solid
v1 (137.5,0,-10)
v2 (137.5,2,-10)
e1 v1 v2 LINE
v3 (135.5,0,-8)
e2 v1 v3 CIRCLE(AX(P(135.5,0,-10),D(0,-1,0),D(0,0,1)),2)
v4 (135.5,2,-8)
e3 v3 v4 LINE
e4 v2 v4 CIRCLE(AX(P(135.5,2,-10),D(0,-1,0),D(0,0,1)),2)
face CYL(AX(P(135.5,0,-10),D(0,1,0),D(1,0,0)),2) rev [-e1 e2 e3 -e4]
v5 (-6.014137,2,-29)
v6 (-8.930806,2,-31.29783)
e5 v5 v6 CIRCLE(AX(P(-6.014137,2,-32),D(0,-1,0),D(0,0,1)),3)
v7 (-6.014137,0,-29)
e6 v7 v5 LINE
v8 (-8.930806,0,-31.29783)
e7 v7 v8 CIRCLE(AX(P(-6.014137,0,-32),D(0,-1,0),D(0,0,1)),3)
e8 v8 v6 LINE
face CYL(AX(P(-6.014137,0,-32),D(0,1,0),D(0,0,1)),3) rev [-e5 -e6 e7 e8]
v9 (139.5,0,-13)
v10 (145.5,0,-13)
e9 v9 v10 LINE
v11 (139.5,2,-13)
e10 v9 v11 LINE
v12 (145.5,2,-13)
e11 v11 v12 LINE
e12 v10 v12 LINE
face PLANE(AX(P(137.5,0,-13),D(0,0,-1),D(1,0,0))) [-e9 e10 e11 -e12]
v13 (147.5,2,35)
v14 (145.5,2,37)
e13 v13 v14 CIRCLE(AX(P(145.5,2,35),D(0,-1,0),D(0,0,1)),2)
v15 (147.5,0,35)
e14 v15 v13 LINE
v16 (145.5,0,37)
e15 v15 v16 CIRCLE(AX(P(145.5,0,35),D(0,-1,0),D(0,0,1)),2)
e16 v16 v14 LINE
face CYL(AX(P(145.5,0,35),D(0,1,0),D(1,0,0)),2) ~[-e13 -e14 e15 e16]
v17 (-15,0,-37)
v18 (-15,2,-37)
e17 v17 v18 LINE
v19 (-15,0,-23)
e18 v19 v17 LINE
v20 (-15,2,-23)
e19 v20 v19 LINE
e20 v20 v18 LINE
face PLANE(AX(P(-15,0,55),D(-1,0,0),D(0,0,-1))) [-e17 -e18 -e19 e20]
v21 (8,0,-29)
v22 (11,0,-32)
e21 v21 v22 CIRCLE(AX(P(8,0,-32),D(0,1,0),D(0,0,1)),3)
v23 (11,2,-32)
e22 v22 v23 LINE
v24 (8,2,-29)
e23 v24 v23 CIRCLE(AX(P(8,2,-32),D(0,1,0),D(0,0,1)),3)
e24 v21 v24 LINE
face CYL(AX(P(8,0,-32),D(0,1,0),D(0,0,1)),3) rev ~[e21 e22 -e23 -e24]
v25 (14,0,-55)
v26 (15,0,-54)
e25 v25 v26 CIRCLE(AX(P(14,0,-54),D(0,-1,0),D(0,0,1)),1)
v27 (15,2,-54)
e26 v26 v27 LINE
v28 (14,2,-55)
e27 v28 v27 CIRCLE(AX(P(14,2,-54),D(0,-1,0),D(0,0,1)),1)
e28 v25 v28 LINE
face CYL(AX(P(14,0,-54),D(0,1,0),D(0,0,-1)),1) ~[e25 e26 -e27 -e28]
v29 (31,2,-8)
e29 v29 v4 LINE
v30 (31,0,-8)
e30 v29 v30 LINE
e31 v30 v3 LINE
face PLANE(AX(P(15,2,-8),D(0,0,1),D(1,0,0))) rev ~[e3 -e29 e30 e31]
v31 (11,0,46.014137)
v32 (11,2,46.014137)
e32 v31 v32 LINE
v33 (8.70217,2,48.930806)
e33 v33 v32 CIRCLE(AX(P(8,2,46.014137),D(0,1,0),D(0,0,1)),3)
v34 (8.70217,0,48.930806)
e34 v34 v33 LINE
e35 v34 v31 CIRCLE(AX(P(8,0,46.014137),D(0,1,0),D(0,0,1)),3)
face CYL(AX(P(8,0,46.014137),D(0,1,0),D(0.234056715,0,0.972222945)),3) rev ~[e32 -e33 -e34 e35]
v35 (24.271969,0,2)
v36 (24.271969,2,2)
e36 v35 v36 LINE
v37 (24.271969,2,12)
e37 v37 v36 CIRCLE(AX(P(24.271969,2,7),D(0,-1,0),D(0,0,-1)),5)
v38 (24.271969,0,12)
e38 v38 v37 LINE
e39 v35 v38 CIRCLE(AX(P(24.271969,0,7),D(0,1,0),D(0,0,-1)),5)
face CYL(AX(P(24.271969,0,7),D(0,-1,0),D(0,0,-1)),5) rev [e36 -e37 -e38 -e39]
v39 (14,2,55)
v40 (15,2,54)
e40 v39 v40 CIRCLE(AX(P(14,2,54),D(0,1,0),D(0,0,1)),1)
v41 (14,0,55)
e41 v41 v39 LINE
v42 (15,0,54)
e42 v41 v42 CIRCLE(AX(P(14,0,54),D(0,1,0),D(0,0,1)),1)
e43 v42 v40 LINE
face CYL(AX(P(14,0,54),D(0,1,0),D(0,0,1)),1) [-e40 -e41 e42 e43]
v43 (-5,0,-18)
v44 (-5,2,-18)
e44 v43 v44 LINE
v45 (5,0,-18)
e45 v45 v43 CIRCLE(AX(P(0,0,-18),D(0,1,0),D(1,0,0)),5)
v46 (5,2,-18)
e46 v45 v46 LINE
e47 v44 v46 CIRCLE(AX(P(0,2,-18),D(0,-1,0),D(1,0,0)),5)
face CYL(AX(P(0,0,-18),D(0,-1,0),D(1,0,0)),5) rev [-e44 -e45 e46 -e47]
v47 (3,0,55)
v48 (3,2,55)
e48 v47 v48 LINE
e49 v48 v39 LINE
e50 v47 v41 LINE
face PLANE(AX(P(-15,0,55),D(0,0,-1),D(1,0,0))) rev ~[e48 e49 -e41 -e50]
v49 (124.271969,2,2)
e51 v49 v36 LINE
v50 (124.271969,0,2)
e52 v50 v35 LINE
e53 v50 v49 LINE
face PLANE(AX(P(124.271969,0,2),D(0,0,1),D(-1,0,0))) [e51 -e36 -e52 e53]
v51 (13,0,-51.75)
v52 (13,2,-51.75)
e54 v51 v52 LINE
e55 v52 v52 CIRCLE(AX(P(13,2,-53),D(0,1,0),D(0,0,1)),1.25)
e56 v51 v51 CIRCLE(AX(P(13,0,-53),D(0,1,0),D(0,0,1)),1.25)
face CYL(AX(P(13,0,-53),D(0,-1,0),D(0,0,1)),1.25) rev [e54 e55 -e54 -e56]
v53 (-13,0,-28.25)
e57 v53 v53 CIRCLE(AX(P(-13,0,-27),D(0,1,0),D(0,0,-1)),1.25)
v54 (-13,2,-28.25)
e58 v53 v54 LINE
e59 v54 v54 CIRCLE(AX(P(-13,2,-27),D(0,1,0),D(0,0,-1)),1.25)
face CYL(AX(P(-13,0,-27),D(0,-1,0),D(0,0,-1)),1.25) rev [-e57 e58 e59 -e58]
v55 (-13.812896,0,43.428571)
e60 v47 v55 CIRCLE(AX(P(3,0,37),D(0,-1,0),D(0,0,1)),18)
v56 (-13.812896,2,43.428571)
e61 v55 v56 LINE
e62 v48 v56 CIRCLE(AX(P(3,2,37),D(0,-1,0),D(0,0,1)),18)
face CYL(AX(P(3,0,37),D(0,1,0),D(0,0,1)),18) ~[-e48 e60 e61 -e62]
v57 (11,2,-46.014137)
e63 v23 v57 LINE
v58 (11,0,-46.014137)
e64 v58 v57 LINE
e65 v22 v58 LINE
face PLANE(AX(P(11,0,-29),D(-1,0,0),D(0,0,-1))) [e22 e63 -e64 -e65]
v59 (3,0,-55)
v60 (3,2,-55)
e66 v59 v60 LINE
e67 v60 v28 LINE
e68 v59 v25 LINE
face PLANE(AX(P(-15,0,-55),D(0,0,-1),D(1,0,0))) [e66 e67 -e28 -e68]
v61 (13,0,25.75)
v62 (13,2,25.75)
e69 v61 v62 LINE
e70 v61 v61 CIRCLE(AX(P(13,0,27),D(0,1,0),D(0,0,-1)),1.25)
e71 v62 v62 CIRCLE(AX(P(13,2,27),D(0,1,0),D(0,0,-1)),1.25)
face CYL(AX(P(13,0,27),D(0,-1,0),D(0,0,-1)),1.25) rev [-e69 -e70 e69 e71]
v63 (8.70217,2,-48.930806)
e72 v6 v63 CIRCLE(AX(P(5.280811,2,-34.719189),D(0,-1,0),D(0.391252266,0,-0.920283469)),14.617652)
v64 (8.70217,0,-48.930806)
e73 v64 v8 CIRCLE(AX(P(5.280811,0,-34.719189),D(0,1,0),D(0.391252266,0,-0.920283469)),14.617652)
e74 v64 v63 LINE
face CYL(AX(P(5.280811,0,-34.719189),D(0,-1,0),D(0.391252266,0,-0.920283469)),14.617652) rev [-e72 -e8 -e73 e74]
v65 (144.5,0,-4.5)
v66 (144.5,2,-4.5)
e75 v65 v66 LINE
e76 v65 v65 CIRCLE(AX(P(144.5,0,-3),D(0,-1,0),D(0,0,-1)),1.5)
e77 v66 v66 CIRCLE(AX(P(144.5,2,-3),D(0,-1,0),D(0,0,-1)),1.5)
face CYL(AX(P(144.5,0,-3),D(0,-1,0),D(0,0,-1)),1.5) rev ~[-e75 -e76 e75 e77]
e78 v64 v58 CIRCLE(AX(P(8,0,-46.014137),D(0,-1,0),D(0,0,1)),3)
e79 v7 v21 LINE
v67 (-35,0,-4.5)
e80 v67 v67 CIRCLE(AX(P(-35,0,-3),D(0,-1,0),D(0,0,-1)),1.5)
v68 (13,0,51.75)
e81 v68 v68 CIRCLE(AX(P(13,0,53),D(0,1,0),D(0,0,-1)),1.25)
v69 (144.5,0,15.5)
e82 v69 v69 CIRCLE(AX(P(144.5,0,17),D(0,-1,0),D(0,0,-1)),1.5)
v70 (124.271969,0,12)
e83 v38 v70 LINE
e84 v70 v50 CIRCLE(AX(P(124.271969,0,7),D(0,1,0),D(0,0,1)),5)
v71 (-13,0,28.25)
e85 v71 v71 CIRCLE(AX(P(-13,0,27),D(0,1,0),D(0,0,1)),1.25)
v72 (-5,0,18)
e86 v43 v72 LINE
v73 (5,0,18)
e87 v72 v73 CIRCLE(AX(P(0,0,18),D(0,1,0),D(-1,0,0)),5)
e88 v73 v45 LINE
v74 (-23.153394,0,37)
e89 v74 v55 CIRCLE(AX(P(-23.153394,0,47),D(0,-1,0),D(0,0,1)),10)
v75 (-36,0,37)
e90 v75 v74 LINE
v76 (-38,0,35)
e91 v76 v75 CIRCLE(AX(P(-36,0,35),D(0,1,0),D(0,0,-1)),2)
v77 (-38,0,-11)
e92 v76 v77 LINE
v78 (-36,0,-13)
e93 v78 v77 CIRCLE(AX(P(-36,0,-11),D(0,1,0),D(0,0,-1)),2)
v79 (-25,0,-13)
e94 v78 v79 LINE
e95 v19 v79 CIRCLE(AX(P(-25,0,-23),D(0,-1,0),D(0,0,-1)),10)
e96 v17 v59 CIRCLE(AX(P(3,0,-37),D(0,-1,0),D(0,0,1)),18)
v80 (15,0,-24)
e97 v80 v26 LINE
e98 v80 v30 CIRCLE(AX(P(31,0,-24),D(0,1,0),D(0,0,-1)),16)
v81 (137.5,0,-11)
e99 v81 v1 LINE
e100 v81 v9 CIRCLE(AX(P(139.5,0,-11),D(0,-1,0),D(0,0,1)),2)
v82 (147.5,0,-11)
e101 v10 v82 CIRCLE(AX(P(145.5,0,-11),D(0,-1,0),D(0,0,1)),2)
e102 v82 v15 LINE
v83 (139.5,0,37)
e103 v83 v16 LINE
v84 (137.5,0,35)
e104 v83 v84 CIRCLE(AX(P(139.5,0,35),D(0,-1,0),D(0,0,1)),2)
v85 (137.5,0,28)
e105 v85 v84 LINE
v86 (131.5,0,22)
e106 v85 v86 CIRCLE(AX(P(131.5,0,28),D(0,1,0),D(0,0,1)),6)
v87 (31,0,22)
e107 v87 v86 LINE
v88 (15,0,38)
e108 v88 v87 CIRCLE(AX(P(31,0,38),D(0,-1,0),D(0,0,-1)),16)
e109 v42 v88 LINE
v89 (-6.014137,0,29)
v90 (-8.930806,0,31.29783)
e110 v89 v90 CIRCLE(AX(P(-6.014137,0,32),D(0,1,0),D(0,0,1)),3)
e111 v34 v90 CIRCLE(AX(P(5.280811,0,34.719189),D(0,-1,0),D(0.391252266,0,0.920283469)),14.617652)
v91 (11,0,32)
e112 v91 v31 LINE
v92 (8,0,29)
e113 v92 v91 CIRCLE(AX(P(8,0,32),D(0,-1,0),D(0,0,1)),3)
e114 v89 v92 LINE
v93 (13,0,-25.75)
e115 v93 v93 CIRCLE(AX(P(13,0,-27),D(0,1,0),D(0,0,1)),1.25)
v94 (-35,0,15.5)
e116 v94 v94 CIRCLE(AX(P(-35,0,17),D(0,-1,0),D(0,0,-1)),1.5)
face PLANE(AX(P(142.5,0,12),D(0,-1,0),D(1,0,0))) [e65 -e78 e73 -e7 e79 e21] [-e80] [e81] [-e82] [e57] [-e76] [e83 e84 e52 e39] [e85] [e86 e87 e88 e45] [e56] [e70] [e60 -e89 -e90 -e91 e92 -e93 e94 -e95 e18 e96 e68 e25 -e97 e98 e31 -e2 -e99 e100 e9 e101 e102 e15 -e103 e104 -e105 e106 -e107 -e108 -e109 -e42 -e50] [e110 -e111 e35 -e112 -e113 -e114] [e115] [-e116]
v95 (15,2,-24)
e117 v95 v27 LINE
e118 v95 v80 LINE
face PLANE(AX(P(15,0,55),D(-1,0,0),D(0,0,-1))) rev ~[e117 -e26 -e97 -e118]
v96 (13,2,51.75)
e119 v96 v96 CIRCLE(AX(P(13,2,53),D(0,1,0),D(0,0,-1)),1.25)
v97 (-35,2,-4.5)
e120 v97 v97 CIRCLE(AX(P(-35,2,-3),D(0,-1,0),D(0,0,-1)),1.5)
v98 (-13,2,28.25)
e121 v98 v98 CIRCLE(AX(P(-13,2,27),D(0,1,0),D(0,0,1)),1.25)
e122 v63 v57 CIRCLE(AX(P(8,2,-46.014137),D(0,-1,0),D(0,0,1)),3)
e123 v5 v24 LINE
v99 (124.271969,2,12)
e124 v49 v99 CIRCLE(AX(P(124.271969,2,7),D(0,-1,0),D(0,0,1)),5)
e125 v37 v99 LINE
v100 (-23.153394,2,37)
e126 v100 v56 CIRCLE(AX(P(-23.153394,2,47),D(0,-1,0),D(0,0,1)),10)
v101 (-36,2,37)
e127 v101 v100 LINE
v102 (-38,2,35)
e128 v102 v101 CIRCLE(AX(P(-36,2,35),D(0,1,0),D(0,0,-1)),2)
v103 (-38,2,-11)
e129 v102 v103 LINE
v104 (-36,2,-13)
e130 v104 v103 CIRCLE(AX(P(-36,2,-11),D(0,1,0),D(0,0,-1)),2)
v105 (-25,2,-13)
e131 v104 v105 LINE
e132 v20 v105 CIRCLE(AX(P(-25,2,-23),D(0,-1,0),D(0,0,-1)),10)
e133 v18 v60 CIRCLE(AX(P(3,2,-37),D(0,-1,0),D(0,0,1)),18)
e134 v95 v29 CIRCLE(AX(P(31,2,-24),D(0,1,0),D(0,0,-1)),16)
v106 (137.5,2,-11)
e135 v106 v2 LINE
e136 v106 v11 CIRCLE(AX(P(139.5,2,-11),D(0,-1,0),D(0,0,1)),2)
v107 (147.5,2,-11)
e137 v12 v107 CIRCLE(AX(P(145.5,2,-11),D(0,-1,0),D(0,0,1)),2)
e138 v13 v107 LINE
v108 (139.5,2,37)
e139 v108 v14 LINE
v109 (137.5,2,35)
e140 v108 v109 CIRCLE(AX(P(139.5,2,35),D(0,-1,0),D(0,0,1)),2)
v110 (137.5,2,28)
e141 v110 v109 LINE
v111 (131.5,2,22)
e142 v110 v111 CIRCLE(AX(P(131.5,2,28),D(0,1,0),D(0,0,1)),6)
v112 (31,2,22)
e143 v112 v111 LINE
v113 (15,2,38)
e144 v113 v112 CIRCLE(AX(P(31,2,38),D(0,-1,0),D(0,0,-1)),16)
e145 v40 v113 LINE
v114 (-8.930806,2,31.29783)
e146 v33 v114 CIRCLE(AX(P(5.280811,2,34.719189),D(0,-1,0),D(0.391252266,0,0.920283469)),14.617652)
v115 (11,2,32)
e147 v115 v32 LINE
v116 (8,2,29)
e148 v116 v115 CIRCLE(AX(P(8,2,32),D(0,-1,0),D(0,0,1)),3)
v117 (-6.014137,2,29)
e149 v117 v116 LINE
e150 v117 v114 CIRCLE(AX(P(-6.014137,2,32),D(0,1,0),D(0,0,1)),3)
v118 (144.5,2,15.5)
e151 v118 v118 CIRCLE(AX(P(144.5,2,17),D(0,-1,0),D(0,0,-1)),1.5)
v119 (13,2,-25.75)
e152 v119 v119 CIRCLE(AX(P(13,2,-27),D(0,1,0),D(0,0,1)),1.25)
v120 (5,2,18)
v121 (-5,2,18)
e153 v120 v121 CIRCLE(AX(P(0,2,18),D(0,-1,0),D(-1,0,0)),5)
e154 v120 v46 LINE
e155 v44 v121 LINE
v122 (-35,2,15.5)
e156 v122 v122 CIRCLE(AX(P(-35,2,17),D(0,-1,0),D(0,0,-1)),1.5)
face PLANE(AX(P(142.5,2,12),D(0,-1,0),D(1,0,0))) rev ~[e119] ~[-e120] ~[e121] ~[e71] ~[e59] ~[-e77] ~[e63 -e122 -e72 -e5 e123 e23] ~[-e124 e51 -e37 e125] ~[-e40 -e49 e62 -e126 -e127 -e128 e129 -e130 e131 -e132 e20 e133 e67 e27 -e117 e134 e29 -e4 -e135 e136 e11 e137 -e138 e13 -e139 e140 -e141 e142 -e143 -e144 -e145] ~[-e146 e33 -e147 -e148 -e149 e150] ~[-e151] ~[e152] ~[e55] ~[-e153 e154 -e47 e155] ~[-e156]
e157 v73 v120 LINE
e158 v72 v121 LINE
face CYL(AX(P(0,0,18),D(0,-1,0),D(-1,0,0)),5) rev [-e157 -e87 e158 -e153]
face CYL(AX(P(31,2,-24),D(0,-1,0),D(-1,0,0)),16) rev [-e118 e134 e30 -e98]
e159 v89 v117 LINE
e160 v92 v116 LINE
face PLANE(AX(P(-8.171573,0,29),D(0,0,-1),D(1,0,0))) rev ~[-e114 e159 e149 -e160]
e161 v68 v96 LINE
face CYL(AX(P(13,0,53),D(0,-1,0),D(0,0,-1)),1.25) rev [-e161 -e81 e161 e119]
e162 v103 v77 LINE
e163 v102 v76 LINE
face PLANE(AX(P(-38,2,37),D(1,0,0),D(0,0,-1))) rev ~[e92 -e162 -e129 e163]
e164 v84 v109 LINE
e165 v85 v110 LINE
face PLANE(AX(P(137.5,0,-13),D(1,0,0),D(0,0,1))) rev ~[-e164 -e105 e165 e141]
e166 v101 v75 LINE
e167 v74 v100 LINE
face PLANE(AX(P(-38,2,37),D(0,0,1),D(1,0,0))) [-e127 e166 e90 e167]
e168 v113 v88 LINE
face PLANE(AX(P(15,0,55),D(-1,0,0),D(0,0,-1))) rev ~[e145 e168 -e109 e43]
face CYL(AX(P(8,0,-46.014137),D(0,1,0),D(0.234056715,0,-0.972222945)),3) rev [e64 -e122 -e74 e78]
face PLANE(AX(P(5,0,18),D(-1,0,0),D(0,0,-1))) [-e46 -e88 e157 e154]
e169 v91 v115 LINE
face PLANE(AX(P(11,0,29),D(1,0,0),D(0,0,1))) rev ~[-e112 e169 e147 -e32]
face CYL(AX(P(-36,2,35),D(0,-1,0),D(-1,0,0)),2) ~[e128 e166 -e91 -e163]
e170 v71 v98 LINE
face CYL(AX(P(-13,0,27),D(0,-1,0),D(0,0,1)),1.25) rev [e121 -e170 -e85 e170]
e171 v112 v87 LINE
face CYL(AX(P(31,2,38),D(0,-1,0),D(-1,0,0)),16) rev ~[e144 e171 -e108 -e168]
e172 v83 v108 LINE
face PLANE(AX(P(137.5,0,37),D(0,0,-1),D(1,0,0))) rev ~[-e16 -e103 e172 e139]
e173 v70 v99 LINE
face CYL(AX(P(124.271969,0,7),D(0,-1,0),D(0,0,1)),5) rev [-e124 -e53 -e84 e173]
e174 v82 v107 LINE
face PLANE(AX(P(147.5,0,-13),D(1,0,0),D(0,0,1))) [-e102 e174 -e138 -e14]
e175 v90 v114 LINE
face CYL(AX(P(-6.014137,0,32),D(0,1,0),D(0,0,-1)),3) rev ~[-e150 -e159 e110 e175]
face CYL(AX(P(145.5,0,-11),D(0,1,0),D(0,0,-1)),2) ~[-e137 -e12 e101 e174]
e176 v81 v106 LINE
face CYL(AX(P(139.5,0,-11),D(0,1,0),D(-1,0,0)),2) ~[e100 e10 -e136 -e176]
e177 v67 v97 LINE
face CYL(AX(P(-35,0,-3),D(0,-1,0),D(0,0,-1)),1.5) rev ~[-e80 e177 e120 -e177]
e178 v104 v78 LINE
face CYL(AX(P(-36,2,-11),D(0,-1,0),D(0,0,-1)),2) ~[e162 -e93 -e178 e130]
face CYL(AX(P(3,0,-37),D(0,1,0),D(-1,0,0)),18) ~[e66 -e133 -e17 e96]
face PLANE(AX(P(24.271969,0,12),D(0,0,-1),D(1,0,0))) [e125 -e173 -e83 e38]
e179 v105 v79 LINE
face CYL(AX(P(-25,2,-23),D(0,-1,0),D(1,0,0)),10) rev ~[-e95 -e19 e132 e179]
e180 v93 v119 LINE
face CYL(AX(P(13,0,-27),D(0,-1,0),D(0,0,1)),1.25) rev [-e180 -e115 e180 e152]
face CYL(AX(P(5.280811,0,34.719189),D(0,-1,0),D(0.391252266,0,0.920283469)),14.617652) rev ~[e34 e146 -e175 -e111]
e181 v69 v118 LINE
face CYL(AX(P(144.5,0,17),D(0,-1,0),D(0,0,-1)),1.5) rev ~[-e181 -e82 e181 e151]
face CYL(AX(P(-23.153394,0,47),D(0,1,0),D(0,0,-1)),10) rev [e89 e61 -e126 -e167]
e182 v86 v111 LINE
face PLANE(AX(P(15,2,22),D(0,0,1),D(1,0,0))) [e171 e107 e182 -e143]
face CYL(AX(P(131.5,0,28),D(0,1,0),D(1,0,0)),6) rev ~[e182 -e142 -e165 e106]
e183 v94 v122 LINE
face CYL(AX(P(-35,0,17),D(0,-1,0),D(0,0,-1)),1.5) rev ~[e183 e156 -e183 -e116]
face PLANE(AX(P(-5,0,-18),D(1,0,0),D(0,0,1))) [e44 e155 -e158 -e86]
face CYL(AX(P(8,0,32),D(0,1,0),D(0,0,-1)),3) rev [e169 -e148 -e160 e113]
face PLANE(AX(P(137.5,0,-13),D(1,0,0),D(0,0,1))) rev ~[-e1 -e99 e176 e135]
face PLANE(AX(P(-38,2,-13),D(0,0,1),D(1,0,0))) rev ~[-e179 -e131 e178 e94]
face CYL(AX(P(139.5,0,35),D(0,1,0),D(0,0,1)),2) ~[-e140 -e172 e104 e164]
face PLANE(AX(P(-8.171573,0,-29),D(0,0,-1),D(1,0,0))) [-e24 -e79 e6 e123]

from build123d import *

# Parameters (mm, degrees)
SKETCH_1_W          = 30
SKETCH_1_H          = 110
SKETCH_1_R          = 1.25
EXTRUDE_1_DEPTH     = 2
FILLET_1_R          = 1
FILLET_2_R          = 18
SKETCH_2_W          = 23
SKETCH_2_H          = 50
EXTRUDE_2_DEPTH     = 2
SKETCH_3_W          = 132.5
SKETCH_3_H          = 30
EXTRUDE_3_DEPTH     = 2
FILLET_3_R          = 16
SKETCH_4_W          = 10
SKETCH_4_H          = 50
EXTRUDE_4_DEPTH     = 2
FILLET_5_R          = 6
FILLET_6_R          = 2
FILLET_7_R          = 2
CUT_EXTRUDE_1_DEPTH = 10
CUT_EXTRUDE_2_DEPTH = 10
FILLET_9_R          = 10
CUT_EXTRUDE_3_DEPTH = 10
FILLET_10_R         = 3
SKETCH_8_R          = 1.5
CUT_EXTRUDE_4_DEPTH = 10


with BuildPart() as part:
    # 草图1 → 凸台-拉伸1 (new body)
    with BuildSketch(Plane(origin=(0, 0, 0), x_dir=(1, 0, 0), z_dir=(0, 1, 0))):
        Rectangle(SKETCH_1_W, SKETCH_1_H)
        with Locations(Location((13, 27, 0), (0, 0, 270))):
            Circle(SKETCH_1_R, mode=Mode.SUBTRACT)
        with Locations(Location((-13, 27, 0), (0, 0, 90))):
            Circle(SKETCH_1_R, mode=Mode.SUBTRACT)
        with Locations(Location((-13, -27, 0), (0, 0, 270))):
            Circle(SKETCH_1_R, mode=Mode.SUBTRACT)
        with Locations(Location((13, -27, 0), (0, 0, 90))):
            Circle(SKETCH_1_R, mode=Mode.SUBTRACT)
        with Locations(Location((13, 53, 0), (0, 0, 270))):
            Circle(SKETCH_1_R, mode=Mode.SUBTRACT)
        with Locations(Location((13, -53, 0), (0, 0, 90))):
            Circle(SKETCH_1_R, mode=Mode.SUBTRACT)
    extrude(amount=EXTRUDE_1_DEPTH)

    # 圆角1
    fillet_1_edges = [part.edges().sort_by_distance(p)[0] for p in [
        (15, 1, 55),
        (15, 1, -55),
    ]]
    fillet(fillet_1_edges, radius=FILLET_1_R)

    # 圆角2
    fillet_2_edges = [part.edges().sort_by_distance(p)[0] for p in [
        (-15, 1, 55),
        (-15, 1, -55),
    ]]
    fillet(fillet_2_edges, radius=FILLET_2_R)

    # 草图2 → 凸台-拉伸2 (add)
    with BuildSketch(Plane(origin=(0, 2, 0), x_dir=(1, 0, 0), z_dir=(0, 1, 0))):
        with Locations((-26.5, -12)):
            Rectangle(SKETCH_2_W, SKETCH_2_H)
    extrude(amount=-EXTRUDE_2_DEPTH)

    # 草图3 → 凸台-拉伸3 (add)
    with BuildSketch(Plane(origin=(0, 2, 0), x_dir=(1, 0, 0), z_dir=(0, 1, 0))):
        with Locations((81.25, -7)):
            Rectangle(SKETCH_3_W, SKETCH_3_H)
    extrude(amount=-EXTRUDE_3_DEPTH)

    # 圆角3
    fillet_3_edges = [part.edges().sort_by_distance(p)[0] for p in [
        (15, 1, 22),
        (15, 1, -8),
    ]]
    fillet(fillet_3_edges, radius=FILLET_3_R)

    # 草图4 → 凸台-拉伸4 (add)
    with BuildSketch(Plane.XZ):
        with Locations((142.5, 12)):
            Rectangle(SKETCH_4_W, SKETCH_4_H)
    extrude(amount=-EXTRUDE_4_DEPTH)

    # 圆角5
    fillet_5_edges = [part.edges().sort_by_distance(p)[0] for p in [
        (137.5, 1, 22),
    ]]
    fillet(fillet_5_edges, radius=FILLET_5_R)

    # 圆角6
    fillet_6_edges = [part.edges().sort_by_distance(p)[0] for p in [
        (137.5, 1, -8),
    ]]
    fillet(fillet_6_edges, radius=FILLET_6_R)

    # 圆角7
    fillet_7_edges = [part.edges().sort_by_distance(p)[0] for p in [
        (147.5, 1, 37),
        (137.5, 1, -13),
        (137.5, 1, 37),
        (147.5, 1, -13),
        (-38, 1, 37),
        (-38, 1, -13),
    ]]
    fillet(fillet_7_edges, radius=FILLET_7_R)

    # 草图5 → 切除-拉伸1 (cut)
    with BuildSketch(Plane.XZ):
        with BuildLine():
            Line((-8.171572875, 29), (11, 29))
            Line((11, 29), (11, 48.171572875))
            ThreePointArc((11, 48.171572875), (-5.055430247, 45.055430247), (-8.171572875, 29))
        make_face()
        with BuildLine():
            Line((11, -29), (11, -48.171572875))
            ThreePointArc((11, -48.171572875), (-5.055430247, -45.055430247), (-8.171572875, -29))
            Line((-8.171572875, -29), (11, -29))
        make_face()
    extrude(amount=-CUT_EXTRUDE_1_DEPTH, mode=Mode.SUBTRACT)

    # 草图6 → 切除-拉伸2 (cut)
    with BuildSketch(Plane.XZ):
        with BuildLine():
            Line((-5, -18), (-5, 18))
            ThreePointArc((-5, 18), (0, 23), (5, 18))
            Line((5, 18), (5, -18))
            ThreePointArc((5, -18), (0, -23), (-5, -18))
        make_face()
    extrude(amount=-CUT_EXTRUDE_2_DEPTH, mode=Mode.SUBTRACT)

    # 圆角9
    fillet_9_edges = [part.edges().sort_by_distance(p)[0] for p in [
        (-15, 1, 37),
        (-15, 1, -13),
    ]]
    fillet(fillet_9_edges, radius=FILLET_9_R)

    # 草图7 → 切除-拉伸3 (cut)
    with BuildSketch(Plane.XZ):
        with BuildLine():
            Line((24.271968642, 12), (124.271968642, 12))
            ThreePointArc((124.271968642, 12), (129.271968642, 7), (124.271968642, 2))
            Line((124.271968642, 2), (24.271968642, 2))
            ThreePointArc((24.271968642, 2), (19.271968642, 7), (24.271968642, 12))
        make_face()
    extrude(amount=-CUT_EXTRUDE_3_DEPTH, mode=Mode.SUBTRACT)

    # 圆角10
    fillet_10_edges = [part.edges().sort_by_distance(p)[0] for p in [
        (-8.171572875, 1, 29),
        (11, 1, 48.171572875),
        (11, 1, 29),
        (11, 1, -48.171572875),
        (-8.171572875, 1, -29),
        (11, 1, -29),
    ]]
    fillet(fillet_10_edges, radius=FILLET_10_R)

    # 草图8 → 切除-拉伸4 (cut)
    with BuildSketch(Plane.XZ):
        with Locations(Location((-35, 17, 0), (0, 0, 270))):
            Circle(SKETCH_8_R)
        with Locations(Location((-35, -3, 0), (0, 0, 270))):
            Circle(SKETCH_8_R)
        with Locations(Location((144.5, 17, 0), (0, 0, 270))):
            Circle(SKETCH_8_R)
        with Locations(Location((144.5, -3, 0), (0, 0, 270))):
            Circle(SKETCH_8_R)
    extrude(amount=-CUT_EXTRUDE_4_DEPTH, mode=Mode.SUBTRACT)


solid = part.part
